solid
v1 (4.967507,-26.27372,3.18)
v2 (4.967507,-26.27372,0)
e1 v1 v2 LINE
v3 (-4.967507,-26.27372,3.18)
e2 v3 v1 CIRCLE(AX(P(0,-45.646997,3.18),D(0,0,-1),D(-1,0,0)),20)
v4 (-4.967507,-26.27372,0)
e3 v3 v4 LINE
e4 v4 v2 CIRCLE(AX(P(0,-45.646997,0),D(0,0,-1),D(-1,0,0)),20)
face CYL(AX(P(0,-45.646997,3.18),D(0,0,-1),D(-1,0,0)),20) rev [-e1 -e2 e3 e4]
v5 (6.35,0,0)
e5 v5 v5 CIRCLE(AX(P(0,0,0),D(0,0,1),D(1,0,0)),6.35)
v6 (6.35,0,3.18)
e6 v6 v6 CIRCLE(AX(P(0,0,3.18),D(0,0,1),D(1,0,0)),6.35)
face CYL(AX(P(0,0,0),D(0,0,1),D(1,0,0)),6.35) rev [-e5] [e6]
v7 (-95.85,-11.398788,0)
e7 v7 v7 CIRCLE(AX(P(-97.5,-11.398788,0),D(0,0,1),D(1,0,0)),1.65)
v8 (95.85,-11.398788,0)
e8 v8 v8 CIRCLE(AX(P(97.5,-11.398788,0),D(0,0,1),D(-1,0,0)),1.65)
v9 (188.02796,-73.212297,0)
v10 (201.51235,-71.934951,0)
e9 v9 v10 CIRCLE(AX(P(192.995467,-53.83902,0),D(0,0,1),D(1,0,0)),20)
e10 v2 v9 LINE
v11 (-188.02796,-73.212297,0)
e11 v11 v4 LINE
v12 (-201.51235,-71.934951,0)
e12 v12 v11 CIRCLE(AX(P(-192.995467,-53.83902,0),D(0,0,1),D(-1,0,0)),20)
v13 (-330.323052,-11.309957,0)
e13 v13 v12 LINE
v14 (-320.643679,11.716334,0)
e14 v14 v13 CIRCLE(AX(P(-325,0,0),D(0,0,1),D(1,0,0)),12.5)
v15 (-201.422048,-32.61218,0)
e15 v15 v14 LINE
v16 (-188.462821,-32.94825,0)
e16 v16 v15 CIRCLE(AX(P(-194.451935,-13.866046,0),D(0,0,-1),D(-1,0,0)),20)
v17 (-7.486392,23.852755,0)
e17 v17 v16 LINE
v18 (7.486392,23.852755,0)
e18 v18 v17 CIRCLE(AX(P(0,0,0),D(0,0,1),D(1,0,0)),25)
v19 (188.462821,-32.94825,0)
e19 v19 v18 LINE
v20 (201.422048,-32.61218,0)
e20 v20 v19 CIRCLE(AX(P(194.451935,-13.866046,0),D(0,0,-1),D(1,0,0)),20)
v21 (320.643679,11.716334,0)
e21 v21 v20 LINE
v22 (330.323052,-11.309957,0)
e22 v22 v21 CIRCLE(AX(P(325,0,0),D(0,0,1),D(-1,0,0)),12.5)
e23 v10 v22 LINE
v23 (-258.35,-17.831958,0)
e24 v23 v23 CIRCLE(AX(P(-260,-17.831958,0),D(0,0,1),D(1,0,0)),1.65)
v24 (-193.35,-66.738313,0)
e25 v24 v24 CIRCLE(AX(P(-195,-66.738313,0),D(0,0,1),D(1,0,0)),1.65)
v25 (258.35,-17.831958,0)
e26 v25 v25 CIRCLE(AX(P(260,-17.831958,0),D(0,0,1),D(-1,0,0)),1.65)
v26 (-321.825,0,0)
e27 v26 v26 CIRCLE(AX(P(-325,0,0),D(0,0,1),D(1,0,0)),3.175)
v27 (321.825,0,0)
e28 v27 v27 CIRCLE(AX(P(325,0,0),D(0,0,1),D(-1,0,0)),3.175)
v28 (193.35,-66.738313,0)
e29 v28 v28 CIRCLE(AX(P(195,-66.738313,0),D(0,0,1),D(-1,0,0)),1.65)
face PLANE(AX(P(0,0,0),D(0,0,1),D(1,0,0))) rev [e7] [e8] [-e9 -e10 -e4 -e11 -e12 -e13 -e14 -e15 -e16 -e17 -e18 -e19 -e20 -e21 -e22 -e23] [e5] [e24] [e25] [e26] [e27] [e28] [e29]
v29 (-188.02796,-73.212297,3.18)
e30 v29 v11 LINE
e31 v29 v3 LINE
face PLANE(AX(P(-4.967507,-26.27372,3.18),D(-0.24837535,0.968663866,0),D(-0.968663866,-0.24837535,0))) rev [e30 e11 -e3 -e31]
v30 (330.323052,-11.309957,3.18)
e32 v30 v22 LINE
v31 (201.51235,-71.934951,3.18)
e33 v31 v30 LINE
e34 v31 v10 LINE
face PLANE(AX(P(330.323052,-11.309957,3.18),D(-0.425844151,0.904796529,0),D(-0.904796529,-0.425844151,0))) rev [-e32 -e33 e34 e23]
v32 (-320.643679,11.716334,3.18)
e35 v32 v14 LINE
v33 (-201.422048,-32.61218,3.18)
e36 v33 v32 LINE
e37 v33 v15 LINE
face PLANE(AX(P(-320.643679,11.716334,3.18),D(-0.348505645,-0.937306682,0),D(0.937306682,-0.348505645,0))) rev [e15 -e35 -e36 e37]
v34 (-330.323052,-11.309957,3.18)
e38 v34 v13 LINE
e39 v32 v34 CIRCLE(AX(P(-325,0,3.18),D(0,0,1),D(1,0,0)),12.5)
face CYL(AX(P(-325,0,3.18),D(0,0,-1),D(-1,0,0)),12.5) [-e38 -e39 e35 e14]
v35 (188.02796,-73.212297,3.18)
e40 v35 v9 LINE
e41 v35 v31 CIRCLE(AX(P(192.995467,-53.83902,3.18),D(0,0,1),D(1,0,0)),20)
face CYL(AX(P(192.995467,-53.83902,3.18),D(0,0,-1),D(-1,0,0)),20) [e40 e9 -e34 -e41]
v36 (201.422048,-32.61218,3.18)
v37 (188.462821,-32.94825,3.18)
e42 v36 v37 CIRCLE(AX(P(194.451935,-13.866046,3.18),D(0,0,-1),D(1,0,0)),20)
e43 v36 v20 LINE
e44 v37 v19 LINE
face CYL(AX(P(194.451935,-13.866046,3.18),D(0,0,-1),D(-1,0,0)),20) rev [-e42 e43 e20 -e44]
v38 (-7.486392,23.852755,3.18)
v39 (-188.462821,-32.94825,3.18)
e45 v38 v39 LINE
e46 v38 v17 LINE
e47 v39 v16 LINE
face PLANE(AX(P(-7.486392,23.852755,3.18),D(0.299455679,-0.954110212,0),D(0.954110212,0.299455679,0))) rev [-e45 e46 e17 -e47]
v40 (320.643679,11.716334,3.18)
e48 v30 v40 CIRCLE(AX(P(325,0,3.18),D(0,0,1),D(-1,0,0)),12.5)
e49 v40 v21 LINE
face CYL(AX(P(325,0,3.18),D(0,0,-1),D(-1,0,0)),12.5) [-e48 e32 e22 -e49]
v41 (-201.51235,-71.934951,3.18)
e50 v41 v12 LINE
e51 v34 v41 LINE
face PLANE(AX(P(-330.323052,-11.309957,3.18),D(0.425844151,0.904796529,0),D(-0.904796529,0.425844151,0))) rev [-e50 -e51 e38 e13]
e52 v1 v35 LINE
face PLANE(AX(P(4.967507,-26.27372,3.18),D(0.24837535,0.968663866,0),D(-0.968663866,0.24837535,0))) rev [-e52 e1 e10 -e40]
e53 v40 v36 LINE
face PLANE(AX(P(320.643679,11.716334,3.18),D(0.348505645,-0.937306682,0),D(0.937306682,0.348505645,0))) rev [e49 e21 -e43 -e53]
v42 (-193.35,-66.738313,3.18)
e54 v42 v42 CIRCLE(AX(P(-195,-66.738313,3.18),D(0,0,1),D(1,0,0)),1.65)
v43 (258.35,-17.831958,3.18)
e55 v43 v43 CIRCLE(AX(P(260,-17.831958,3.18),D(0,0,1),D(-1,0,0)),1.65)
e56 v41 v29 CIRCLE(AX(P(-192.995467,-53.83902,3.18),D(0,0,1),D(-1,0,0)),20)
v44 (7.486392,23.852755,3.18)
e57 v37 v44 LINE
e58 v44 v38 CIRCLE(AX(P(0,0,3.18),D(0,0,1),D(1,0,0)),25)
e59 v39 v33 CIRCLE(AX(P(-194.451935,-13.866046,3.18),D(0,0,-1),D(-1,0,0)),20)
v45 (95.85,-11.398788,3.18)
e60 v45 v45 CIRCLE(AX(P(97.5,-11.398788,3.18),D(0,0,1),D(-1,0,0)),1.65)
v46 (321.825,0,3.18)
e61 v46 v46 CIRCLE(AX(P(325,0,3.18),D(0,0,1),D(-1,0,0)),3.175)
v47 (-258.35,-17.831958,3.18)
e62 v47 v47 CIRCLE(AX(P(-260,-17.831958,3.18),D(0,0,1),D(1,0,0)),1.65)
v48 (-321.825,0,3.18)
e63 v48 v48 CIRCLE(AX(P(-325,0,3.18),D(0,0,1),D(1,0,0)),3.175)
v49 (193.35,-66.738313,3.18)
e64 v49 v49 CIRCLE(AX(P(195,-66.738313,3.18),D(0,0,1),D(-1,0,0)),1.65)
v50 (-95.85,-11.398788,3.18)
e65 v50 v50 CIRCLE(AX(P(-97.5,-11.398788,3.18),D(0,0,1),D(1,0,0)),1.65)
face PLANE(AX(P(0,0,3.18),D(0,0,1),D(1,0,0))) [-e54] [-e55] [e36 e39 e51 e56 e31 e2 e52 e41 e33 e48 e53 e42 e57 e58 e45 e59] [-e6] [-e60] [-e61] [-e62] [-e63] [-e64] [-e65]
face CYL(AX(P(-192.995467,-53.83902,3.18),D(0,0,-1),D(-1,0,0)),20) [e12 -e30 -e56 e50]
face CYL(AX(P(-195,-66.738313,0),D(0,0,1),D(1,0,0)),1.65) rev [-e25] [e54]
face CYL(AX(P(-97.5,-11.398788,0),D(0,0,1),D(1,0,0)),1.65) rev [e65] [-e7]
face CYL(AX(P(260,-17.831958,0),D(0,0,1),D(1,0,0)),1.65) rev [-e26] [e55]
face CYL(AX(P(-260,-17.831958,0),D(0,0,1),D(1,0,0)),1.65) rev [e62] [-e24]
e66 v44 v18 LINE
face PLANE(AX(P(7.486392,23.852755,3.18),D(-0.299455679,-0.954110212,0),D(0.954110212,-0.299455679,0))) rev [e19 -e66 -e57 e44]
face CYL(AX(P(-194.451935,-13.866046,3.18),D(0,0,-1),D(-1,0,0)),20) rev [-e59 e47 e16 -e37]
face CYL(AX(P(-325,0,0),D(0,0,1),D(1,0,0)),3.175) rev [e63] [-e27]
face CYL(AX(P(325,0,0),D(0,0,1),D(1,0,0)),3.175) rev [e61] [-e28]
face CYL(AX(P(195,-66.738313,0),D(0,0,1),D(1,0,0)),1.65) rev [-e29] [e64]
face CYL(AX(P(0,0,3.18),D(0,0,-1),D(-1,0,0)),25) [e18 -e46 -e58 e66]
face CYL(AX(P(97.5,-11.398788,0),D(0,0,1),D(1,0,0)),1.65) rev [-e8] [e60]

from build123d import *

# Parameters (mm, degrees)
BOSS_EXTRUDE1_DEPTH = 3.18
SKETCH2_R           = 6.35
SKETCH2_R_2         = 3.175
SKETCH2_R_3         = 1.65
CUT_EXTRUDE1_DEPTH  = 4.18


with BuildPart() as part:
    # Sketch1 → Boss-Extrude1 (new body)
    with BuildSketch(Plane.XY):
        with BuildLine():
            Line((-7.486391976, 23.852755295), (-188.46282125, -32.948250341))
            ThreePointArc((-188.46282125, -32.948250341), (-194.970418947, -33.859324331), (-201.422047732, -32.612179737))
            Line((-201.422047732, -32.612179737), (-320.643679437, 11.71633352))
            ThreePointArc((-320.643679437, 11.71633352), (-336.523287364, 4.843949662), (-330.323051891, -11.309956612))
            Line((-330.323051891, -11.309956612), (-201.512349729, -71.934950616))
            ThreePointArc((-201.512349729, -71.934950616), (-194.881579427, -73.749885885), (-188.027959697, -73.212297358))
            Line((-188.027959697, -73.212297358), (-4.967507005, -26.273719745))
            ThreePointArc((-4.967507005, -26.273719745), (0, -25.646997066), (4.967507005, -26.273719745))
            Line((4.967507005, -26.273719745), (188.027959697, -73.212297358))
            ThreePointArc((188.027959697, -73.212297358), (194.881579427, -73.749885885), (201.512349729, -71.934950616))
            Line((201.512349729, -71.934950616), (330.323051891, -11.309956612))
            ThreePointArc((330.323051891, -11.309956612), (336.523287364, 4.843949662), (320.643679437, 11.71633352))
            Line((320.643679437, 11.71633352), (201.422047732, -32.612179737))
            ThreePointArc((201.422047732, -32.612179737), (194.970418947, -33.859324331), (188.46282125, -32.948250341))
            Line((188.46282125, -32.948250341), (7.486391976, 23.852755295))
            ThreePointArc((7.486391976, 23.852755295), (0, 25), (-7.486391976, 23.852755295))
        make_face()
    extrude(amount=BOSS_EXTRUDE1_DEPTH)

    # Sketch2 → Cut-Extrude1 (cut, through all)
    with BuildSketch(Plane.XY.offset(3.18)):
        Circle(SKETCH2_R)
        with Locations((-325, 0)):
            Circle(SKETCH2_R_2)
        with Locations((-97.5, -11.398788164)):
            Circle(SKETCH2_R_3)
        with Locations((-195, -66.738312644)):
            Circle(SKETCH2_R_3)
        with Locations((-260, -17.831958341)):
            Circle(SKETCH2_R_3)
        with Locations((97.5, -11.398788164)):
            Circle(SKETCH2_R_3)
        with Locations((195, -66.738312644)):
            Circle(SKETCH2_R_3)
        with Locations((260, -17.831958341)):
            Circle(SKETCH2_R_3)
        with Locations((325, 0)):
            Circle(SKETCH2_R_2)
    extrude(amount=-CUT_EXTRUDE1_DEPTH, mode=Mode.SUBTRACT)


solid = part.part
